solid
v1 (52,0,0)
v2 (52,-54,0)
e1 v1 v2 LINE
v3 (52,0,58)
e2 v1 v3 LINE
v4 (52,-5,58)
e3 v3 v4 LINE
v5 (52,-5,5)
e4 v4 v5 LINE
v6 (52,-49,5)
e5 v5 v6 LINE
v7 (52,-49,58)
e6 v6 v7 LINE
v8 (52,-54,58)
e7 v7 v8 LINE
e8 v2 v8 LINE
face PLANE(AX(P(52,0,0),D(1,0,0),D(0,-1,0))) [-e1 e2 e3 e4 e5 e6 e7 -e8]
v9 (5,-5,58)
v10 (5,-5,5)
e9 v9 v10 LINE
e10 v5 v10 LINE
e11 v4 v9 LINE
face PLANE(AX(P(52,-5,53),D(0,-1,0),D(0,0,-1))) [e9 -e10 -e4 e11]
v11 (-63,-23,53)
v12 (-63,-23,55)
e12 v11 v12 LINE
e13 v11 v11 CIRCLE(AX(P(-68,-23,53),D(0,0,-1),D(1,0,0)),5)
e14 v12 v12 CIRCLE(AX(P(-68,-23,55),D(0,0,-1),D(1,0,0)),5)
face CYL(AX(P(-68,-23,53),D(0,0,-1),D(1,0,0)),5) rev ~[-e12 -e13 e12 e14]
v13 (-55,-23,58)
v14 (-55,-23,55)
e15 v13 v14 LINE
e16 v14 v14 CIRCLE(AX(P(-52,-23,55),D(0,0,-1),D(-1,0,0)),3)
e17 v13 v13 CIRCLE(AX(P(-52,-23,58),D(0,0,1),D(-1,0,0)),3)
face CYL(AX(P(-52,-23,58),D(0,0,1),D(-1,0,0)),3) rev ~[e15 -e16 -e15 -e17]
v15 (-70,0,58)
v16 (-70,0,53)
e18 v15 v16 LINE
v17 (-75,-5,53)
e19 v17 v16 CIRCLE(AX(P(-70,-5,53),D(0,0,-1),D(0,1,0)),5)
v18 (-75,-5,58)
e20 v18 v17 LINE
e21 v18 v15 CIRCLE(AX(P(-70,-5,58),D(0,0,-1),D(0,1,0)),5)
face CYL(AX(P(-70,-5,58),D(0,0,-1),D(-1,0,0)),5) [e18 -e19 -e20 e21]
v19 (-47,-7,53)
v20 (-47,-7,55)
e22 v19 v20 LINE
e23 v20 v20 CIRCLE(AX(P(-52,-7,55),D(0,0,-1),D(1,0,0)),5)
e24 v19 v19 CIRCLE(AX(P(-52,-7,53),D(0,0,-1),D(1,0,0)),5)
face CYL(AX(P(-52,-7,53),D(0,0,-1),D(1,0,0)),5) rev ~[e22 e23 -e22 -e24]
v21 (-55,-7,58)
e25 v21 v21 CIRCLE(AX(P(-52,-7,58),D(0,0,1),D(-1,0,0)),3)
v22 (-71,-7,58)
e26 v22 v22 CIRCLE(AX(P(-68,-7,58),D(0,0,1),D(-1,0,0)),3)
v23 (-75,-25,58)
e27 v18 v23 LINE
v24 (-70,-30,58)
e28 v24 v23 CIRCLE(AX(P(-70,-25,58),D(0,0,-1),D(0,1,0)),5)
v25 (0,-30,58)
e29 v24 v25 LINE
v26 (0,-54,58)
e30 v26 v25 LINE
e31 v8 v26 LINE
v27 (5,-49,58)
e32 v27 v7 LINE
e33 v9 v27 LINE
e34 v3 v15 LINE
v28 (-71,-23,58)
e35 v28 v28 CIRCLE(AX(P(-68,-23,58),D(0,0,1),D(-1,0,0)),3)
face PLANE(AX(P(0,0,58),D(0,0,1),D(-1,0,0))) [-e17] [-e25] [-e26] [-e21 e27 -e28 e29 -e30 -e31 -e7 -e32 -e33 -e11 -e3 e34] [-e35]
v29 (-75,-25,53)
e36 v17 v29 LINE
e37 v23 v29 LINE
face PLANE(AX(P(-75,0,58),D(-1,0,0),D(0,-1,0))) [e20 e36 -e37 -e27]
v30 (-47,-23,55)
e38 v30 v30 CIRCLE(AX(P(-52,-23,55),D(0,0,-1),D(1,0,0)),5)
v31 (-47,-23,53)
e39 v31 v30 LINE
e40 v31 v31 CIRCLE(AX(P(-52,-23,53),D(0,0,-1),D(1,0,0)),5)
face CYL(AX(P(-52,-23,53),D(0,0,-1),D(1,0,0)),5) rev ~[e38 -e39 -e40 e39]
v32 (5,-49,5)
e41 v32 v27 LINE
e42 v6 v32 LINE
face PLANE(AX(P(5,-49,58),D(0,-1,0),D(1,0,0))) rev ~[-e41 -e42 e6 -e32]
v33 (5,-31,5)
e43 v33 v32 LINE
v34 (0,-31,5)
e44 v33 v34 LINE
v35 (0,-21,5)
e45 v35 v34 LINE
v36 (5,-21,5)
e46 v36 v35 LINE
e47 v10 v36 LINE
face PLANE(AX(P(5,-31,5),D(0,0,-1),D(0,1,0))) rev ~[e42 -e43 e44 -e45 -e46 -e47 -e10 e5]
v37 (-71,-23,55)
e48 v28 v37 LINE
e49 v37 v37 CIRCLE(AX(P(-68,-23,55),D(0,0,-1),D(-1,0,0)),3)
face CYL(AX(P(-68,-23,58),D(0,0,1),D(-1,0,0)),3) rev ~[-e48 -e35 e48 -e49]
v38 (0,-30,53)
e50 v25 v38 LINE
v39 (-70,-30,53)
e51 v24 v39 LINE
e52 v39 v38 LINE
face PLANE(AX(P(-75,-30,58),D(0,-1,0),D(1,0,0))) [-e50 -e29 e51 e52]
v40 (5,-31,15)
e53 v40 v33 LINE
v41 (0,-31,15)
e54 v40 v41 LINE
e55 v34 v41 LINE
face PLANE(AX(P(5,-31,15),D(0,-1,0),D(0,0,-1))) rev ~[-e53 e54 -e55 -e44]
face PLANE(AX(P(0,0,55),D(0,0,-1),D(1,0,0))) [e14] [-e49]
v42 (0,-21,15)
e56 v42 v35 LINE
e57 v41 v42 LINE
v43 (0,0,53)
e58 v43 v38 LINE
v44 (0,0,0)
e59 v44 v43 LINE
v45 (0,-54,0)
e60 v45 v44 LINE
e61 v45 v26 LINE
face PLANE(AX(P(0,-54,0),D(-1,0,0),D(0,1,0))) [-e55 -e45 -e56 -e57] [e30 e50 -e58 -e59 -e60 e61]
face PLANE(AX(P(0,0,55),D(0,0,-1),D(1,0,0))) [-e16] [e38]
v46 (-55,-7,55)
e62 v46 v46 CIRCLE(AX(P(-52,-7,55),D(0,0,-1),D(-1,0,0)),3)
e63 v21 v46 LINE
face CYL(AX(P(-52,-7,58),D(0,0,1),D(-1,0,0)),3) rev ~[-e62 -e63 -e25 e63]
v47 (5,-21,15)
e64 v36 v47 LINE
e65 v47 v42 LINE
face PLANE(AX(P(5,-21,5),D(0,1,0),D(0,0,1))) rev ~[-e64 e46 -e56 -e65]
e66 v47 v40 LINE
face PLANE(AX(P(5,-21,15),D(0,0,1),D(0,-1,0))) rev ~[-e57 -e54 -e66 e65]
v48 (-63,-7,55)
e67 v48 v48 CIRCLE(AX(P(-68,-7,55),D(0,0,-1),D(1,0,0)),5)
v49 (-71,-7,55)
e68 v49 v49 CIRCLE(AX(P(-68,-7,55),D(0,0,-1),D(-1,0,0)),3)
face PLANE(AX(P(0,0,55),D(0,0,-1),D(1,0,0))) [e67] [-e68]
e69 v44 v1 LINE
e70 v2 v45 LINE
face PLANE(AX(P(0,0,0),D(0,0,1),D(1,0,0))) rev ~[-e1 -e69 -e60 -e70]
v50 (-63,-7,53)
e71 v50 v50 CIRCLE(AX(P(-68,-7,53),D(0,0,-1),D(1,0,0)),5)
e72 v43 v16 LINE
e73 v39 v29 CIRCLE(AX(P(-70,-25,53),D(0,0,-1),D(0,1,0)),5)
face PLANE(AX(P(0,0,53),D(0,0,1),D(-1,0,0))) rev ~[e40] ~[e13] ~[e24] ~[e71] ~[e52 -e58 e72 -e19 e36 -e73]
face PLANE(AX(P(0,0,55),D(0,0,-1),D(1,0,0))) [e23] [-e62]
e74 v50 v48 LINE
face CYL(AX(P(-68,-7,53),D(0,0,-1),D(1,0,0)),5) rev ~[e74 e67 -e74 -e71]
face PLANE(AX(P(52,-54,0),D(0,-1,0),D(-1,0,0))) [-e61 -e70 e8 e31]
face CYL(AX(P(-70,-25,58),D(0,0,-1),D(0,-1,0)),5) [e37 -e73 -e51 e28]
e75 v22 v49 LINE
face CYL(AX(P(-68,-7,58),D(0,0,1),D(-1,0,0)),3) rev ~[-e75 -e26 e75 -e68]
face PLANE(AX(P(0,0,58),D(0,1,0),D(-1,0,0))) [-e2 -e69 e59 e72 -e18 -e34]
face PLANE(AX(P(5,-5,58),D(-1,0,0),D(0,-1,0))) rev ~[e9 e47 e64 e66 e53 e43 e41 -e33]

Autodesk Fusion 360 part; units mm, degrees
sketch "Sketch1" plane through (0, 0, 0) normal (0, 0, 1) x (1, 0, 0)
  line L0 (0, 0) -> (52, 0)
  line L1 (52, 0) -> (52, -54)
  line L2 (52, -54) -> (0, -54)
  line L3 (0, -54) -> (0, 0)
  dimension "d1" = 52
  dimension "d2" = 54
extrude "Extrude1" add sketch "Sketch1" along normal blind 58
sketch "Sketch2" plane through (52, 0, 0) normal (1, 0, 0) x (0, 1, 0)
  line L0 (-54, 0) -> (0, 0)
  line L1 (0, 0) -> (0, 58)
  line L2 (0, 58) -> (-54, 58)
  line L3 (-54, 58) -> (-54, 0)
  line L4 (-5, 5) -> (-49, 5)
  line L5 (-49, 5) -> (-49, 53)
  line L6 (-49, 53) -> (-5, 53)
  line L7 (-5, 53) -> (-5, 5)
  dimension "d5" = 44
  dimension "d6" = 48
extrude "Extrude2" cut sketch "Sketch2" against normal blind 47 contours L4 L5 L6 L7
sketch "Sketch3" plane through (0, 0, 58) normal (0, 0, 1) x (-1, 0, 0)
  line L0 (0, 54) -> (-52, 54)
  line L1 (-52, 54) -> (-52, 0)
  line L2 (-52, 0) -> (0, 0)
  line L3 (0, 0) -> (0, 54)
  line L4 (-52, 5) -> (-5, 5)
  line L5 (-5, 5) -> (-5, 49)
  line L6 (-5, 49) -> (-52, 49)
  line L7 (-52, 49) -> (-52, 5)
  dimension "d9" = 47
  dimension "d10" = 44
extrude "Extrude3" cut sketch "Sketch3" against normal blind 6 contours L1 L4 L5 L6 L7
sketch "Sketch4" plane through (0, 0, 58) normal (0, 0, 1) x (-1, 0, 0)
  line L0 (-5, 5) -> (-52, 5)
  line L1 (-52, 5) -> (-52, 0)
  line L2 (-52, 0) -> (0, 0)
  line L3 (0, 0) -> (0, 54)
  line L4 (0, 54) -> (-52, 54)
  line L5 (0, 0) -> (75, 0)
  line L6 (75, 0) -> (75, 30)
  line L7 (75, 30) -> (0, 30)
  line L8 (0, 30) -> (0, 0)
  line L9 (-52, 54) -> (-52, 49)
  line L10 (-52, 49) -> (-5, 49)
  line L11 (-5, 49) -> (-5, 5)
  dimension "d13" = 75
  dimension "d14" = 30
extrude "Extrude4" add sketch "Sketch4" against normal blind 5 contours L3 L5 L6 L7 L8
sketch "Sketch5" plane through (0, 0, 58) normal (0, 0, 1) x (-1, 0, 0)
  line L0 (-5, 5) -> (-52, 5)
  line L1 (-52, 5) -> (-52, 0)
  line L2 (-52, 0) -> (75, 0)
  line L3 (75, 0) -> (75, 30)
  line L4 (75, 30) -> (0, 30)
  circle A0 centre (68, 7) radius 3
  circle A1 centre (68, 23) radius 3
  circle A2 centre (52, 7) radius 3
  circle A3 centre (52, 23) radius 3
  line L5 (0, 30) -> (0, 54)
  line L6 (0, 54) -> (-52, 54)
  line L7 (-52, 54) -> (-52, 49)
  line L8 (-52, 49) -> (-5, 49)
  line L9 (-5, 49) -> (-5, 5)
  dimension "d17" = 6
  dimension "d18" = 6
  dimension "d19" = 6
  dimension "d20" = 6
extrude "Extrude5" cut sketch "Sketch5" against normal blind 5 contours A0 | A1 | A2 | A3
sketch "Sketch6" plane through (0, 0, 53) normal (0, 0, -1) x (1, 0, 0)
  circle A0 centre (-68, 23) radius 3
  circle A1 centre (-68, 7) radius 3
  circle A2 centre (-52, 23) radius 3
  circle A3 centre (-52, 7) radius 3
  line L0 (0, 0) -> (0, 30)
  line L1 (0, 30) -> (-75, 30)
  line L2 (-75, 30) -> (-75, 0)
  line L3 (-75, 0) -> (0, 0)
  circle A4 centre (-68, 23) radius 5
  circle A5 centre (-52, 23) radius 5
  circle A6 centre (-68, 7) radius 5
  circle A7 centre (-52, 7) radius 5
  dimension "d23" = 10
  dimension "d24" = 10
  dimension "d25" = 10
  dimension "d26" = 10
extrude "Extrude6" cut sketch "Sketch6" against normal blind 2 contours A4 | A5 | A6 | A7
fillet "Fillet1" radius 5 2 edges at (-75, -30, 55.5) (-75, 0, 55.5)
sketch "Sketch7" plane through (5, 0, 0) normal (1, 0, 0) x (0, 1, 0)
  line L0 (-49, 58) -> (-49, 5)
  line L1 (-49, 5) -> (-5, 5)
  line L2 (-5, 5) -> (-5, 58)
  line L3 (-5, 58) -> (-49, 58)
  line L4 (-31, 5) -> (-21, 5)
  line L5 (-21, 5) -> (-21, 15)
  line L6 (-21, 15) -> (-31, 15)
  line L7 (-31, 15) -> (-31, 5)
  dimension "d31" = 10
  dimension "d32" = 10
extrude "Extrude7" cut sketch "Sketch7" against normal blind 15 contours L1 L4 L5 L6 L7
